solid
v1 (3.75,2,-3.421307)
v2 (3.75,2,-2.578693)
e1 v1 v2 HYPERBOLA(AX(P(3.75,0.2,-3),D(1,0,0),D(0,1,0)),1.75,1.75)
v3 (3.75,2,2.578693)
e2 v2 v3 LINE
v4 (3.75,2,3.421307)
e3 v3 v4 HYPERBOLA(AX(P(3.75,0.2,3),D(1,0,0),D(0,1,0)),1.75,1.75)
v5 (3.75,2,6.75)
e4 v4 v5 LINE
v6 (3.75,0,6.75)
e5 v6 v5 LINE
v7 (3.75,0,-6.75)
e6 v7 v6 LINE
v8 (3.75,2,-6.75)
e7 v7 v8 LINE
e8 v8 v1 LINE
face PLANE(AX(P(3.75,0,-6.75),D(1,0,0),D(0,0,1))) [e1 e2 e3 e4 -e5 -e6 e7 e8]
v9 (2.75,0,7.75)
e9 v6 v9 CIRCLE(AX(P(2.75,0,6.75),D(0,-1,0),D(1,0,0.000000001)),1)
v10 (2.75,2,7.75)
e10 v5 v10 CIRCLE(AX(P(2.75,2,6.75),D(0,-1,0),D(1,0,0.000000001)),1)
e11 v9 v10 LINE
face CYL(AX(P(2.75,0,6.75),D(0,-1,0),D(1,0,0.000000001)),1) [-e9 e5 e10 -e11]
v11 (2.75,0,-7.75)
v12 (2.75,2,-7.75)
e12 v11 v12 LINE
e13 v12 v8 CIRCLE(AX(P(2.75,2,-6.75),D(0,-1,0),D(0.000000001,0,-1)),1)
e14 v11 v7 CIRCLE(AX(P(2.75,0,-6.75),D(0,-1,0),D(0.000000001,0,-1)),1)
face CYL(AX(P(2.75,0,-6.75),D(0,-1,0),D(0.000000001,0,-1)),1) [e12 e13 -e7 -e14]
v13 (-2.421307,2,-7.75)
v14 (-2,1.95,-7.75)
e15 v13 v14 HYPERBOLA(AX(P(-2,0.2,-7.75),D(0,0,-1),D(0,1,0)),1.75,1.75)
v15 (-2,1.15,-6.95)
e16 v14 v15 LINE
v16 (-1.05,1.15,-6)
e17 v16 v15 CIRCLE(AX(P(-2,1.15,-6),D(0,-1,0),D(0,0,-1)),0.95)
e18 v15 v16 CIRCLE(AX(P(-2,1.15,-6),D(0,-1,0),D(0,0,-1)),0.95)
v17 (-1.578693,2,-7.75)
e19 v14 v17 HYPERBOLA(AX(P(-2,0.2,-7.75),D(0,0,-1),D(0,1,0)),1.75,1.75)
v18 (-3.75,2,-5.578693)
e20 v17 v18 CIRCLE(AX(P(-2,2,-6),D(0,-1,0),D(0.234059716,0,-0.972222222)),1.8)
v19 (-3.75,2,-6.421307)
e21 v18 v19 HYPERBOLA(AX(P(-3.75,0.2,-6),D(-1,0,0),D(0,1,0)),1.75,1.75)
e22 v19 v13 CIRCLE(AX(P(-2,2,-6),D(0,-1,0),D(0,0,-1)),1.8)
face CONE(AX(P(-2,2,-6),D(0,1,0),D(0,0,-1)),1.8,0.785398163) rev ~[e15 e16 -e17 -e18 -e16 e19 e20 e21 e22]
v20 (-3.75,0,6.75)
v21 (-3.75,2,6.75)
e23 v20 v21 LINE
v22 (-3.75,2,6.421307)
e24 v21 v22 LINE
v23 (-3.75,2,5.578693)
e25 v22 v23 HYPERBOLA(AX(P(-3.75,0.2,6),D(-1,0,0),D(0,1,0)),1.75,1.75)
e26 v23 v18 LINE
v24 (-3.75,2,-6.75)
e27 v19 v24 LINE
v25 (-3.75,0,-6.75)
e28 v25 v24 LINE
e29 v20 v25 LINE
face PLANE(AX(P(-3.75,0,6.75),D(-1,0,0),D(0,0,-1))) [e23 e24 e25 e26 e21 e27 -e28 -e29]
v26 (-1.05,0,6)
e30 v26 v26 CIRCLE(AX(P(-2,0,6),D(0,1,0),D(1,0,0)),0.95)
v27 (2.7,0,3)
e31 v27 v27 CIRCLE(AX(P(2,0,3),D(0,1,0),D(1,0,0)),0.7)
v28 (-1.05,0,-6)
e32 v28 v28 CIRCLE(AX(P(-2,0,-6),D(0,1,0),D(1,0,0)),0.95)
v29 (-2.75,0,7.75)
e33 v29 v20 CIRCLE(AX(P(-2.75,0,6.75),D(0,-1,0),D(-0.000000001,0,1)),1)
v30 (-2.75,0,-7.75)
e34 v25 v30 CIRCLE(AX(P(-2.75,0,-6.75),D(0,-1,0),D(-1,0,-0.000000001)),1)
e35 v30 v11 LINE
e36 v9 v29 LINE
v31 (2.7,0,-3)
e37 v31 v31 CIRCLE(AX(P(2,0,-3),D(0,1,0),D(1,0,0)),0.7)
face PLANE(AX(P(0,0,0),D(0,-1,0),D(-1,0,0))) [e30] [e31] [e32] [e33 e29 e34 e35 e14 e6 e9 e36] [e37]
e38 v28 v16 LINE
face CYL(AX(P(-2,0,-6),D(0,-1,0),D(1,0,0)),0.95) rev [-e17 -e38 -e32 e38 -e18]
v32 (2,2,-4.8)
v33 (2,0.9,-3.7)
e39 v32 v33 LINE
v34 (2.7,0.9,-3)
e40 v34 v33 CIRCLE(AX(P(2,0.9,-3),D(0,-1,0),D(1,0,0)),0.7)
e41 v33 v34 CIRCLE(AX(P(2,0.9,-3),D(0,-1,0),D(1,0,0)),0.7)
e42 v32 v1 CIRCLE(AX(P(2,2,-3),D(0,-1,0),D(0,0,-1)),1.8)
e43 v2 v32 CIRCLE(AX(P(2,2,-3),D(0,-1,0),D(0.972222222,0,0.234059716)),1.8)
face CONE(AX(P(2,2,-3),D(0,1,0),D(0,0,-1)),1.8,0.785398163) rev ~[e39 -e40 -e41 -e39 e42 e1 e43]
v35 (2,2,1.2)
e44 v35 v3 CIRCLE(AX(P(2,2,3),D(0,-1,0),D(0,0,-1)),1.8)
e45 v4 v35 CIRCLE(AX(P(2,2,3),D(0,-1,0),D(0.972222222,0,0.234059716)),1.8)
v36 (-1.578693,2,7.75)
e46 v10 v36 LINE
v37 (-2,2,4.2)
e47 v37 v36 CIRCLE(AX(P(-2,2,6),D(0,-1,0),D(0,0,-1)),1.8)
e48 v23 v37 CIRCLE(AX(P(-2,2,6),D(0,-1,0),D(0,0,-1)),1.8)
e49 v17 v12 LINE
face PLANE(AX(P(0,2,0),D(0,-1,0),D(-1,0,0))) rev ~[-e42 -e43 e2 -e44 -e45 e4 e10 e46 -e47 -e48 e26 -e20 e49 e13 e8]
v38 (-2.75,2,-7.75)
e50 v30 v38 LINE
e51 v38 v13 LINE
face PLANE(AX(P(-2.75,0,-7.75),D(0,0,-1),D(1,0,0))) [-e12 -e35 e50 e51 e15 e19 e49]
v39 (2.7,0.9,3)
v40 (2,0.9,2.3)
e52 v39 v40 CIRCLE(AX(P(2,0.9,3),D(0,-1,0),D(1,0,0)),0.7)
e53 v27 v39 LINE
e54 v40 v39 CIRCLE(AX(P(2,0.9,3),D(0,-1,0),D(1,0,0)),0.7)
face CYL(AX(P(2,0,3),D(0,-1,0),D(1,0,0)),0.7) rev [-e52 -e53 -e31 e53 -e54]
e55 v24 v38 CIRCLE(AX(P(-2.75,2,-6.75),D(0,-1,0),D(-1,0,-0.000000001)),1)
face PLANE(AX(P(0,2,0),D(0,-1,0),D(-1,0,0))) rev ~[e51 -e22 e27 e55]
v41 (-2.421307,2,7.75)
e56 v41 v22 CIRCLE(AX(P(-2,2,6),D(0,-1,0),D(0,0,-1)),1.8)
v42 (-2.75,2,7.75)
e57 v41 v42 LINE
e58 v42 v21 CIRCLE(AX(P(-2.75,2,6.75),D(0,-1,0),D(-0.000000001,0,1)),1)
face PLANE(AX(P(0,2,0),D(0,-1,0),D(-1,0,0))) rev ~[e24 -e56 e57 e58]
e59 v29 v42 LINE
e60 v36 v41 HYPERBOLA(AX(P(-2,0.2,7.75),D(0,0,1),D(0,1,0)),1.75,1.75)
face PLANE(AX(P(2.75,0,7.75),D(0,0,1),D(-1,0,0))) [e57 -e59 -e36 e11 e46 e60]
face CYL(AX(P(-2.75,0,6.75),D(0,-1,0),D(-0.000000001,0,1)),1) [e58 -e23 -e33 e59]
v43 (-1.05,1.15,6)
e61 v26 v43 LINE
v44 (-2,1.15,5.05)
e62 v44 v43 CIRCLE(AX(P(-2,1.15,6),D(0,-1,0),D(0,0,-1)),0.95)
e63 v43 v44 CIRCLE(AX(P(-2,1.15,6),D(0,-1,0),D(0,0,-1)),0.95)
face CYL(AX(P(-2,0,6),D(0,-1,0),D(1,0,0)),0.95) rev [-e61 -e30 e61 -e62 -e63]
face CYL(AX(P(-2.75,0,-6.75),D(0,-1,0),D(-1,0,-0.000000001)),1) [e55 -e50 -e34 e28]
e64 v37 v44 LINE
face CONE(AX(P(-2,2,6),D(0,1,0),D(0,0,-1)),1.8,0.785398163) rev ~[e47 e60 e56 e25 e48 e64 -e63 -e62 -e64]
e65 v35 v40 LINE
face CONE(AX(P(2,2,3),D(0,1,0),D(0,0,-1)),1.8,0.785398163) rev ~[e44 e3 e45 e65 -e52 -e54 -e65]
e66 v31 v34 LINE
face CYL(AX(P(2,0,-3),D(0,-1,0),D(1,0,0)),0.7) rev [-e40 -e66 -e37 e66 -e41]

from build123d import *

# Parameters (mm, degrees)
SKETCH1_R                                       = 0.95
SKETCH1_R_2                                     = 0.7
BOSS_EXTRUDE1_DEPTH                             = 2
CSK_FOR_M2_FLAT_HEAD_MACHINE_SCREW1_D           = 1.4
CSK_FOR_M2_FLAT_HEAD_MACHINE_SCREW1_CSINK_D     = 3.6
CSK_FOR_M2_FLAT_HEAD_MACHINE_SCREW1_CSINK_ANGLE = 90


with BuildPart() as part:
    # Sketch1 → Boss-Extrude1 (new body)
    with BuildSketch(Plane(origin=(0, 0, 0), x_dir=(1, 0, 0), z_dir=(0, 1, 0))):
        with BuildLine():
            Line((-2.75, 7.75), (2.75, 7.75))
            ThreePointArc((2.75, 7.75), (3.457106781, 7.457106781), (3.75, 6.75))
            Line((3.75, 6.75), (3.75, -6.75))
            ThreePointArc((3.75, -6.75), (3.457106781, -7.457106781), (2.75, -7.75))
            Line((2.75, -7.75), (-2.75, -7.75))
            ThreePointArc((-2.75, -7.75), (-3.457106781, -7.457106781), (-3.75, -6.75))
            Line((-3.75, -6.75), (-3.75, 6.75))
            ThreePointArc((-3.75, 6.75), (-3.457106781, 7.457106781), (-2.75, 7.75))
        make_face()
        with Locations((-2, 6)):
            Circle(SKETCH1_R, mode=Mode.SUBTRACT)
        with Locations((-2, -6)):
            Circle(SKETCH1_R, mode=Mode.SUBTRACT)
        with Locations((2, 3)):
            Circle(SKETCH1_R_2, mode=Mode.SUBTRACT)
        with Locations((2, -3)):
            Circle(SKETCH1_R_2, mode=Mode.SUBTRACT)
    extrude(amount=BOSS_EXTRUDE1_DEPTH)

    # CSK for M2 Flat Head Machine Screw1 (through all)
    with Locations(Plane(origin=(-2, 2, 6), x_dir=(0, 0, 1), z_dir=(0, 1, 0))):
        with Locations((0, 0), (-12, 0), (-3, 4), (-9, 4)):
            CounterSinkHole(CSK_FOR_M2_FLAT_HEAD_MACHINE_SCREW1_D / 2, CSK_FOR_M2_FLAT_HEAD_MACHINE_SCREW1_CSINK_D / 2, counter_sink_angle=CSK_FOR_M2_FLAT_HEAD_MACHINE_SCREW1_CSINK_ANGLE)


solid = part.part
